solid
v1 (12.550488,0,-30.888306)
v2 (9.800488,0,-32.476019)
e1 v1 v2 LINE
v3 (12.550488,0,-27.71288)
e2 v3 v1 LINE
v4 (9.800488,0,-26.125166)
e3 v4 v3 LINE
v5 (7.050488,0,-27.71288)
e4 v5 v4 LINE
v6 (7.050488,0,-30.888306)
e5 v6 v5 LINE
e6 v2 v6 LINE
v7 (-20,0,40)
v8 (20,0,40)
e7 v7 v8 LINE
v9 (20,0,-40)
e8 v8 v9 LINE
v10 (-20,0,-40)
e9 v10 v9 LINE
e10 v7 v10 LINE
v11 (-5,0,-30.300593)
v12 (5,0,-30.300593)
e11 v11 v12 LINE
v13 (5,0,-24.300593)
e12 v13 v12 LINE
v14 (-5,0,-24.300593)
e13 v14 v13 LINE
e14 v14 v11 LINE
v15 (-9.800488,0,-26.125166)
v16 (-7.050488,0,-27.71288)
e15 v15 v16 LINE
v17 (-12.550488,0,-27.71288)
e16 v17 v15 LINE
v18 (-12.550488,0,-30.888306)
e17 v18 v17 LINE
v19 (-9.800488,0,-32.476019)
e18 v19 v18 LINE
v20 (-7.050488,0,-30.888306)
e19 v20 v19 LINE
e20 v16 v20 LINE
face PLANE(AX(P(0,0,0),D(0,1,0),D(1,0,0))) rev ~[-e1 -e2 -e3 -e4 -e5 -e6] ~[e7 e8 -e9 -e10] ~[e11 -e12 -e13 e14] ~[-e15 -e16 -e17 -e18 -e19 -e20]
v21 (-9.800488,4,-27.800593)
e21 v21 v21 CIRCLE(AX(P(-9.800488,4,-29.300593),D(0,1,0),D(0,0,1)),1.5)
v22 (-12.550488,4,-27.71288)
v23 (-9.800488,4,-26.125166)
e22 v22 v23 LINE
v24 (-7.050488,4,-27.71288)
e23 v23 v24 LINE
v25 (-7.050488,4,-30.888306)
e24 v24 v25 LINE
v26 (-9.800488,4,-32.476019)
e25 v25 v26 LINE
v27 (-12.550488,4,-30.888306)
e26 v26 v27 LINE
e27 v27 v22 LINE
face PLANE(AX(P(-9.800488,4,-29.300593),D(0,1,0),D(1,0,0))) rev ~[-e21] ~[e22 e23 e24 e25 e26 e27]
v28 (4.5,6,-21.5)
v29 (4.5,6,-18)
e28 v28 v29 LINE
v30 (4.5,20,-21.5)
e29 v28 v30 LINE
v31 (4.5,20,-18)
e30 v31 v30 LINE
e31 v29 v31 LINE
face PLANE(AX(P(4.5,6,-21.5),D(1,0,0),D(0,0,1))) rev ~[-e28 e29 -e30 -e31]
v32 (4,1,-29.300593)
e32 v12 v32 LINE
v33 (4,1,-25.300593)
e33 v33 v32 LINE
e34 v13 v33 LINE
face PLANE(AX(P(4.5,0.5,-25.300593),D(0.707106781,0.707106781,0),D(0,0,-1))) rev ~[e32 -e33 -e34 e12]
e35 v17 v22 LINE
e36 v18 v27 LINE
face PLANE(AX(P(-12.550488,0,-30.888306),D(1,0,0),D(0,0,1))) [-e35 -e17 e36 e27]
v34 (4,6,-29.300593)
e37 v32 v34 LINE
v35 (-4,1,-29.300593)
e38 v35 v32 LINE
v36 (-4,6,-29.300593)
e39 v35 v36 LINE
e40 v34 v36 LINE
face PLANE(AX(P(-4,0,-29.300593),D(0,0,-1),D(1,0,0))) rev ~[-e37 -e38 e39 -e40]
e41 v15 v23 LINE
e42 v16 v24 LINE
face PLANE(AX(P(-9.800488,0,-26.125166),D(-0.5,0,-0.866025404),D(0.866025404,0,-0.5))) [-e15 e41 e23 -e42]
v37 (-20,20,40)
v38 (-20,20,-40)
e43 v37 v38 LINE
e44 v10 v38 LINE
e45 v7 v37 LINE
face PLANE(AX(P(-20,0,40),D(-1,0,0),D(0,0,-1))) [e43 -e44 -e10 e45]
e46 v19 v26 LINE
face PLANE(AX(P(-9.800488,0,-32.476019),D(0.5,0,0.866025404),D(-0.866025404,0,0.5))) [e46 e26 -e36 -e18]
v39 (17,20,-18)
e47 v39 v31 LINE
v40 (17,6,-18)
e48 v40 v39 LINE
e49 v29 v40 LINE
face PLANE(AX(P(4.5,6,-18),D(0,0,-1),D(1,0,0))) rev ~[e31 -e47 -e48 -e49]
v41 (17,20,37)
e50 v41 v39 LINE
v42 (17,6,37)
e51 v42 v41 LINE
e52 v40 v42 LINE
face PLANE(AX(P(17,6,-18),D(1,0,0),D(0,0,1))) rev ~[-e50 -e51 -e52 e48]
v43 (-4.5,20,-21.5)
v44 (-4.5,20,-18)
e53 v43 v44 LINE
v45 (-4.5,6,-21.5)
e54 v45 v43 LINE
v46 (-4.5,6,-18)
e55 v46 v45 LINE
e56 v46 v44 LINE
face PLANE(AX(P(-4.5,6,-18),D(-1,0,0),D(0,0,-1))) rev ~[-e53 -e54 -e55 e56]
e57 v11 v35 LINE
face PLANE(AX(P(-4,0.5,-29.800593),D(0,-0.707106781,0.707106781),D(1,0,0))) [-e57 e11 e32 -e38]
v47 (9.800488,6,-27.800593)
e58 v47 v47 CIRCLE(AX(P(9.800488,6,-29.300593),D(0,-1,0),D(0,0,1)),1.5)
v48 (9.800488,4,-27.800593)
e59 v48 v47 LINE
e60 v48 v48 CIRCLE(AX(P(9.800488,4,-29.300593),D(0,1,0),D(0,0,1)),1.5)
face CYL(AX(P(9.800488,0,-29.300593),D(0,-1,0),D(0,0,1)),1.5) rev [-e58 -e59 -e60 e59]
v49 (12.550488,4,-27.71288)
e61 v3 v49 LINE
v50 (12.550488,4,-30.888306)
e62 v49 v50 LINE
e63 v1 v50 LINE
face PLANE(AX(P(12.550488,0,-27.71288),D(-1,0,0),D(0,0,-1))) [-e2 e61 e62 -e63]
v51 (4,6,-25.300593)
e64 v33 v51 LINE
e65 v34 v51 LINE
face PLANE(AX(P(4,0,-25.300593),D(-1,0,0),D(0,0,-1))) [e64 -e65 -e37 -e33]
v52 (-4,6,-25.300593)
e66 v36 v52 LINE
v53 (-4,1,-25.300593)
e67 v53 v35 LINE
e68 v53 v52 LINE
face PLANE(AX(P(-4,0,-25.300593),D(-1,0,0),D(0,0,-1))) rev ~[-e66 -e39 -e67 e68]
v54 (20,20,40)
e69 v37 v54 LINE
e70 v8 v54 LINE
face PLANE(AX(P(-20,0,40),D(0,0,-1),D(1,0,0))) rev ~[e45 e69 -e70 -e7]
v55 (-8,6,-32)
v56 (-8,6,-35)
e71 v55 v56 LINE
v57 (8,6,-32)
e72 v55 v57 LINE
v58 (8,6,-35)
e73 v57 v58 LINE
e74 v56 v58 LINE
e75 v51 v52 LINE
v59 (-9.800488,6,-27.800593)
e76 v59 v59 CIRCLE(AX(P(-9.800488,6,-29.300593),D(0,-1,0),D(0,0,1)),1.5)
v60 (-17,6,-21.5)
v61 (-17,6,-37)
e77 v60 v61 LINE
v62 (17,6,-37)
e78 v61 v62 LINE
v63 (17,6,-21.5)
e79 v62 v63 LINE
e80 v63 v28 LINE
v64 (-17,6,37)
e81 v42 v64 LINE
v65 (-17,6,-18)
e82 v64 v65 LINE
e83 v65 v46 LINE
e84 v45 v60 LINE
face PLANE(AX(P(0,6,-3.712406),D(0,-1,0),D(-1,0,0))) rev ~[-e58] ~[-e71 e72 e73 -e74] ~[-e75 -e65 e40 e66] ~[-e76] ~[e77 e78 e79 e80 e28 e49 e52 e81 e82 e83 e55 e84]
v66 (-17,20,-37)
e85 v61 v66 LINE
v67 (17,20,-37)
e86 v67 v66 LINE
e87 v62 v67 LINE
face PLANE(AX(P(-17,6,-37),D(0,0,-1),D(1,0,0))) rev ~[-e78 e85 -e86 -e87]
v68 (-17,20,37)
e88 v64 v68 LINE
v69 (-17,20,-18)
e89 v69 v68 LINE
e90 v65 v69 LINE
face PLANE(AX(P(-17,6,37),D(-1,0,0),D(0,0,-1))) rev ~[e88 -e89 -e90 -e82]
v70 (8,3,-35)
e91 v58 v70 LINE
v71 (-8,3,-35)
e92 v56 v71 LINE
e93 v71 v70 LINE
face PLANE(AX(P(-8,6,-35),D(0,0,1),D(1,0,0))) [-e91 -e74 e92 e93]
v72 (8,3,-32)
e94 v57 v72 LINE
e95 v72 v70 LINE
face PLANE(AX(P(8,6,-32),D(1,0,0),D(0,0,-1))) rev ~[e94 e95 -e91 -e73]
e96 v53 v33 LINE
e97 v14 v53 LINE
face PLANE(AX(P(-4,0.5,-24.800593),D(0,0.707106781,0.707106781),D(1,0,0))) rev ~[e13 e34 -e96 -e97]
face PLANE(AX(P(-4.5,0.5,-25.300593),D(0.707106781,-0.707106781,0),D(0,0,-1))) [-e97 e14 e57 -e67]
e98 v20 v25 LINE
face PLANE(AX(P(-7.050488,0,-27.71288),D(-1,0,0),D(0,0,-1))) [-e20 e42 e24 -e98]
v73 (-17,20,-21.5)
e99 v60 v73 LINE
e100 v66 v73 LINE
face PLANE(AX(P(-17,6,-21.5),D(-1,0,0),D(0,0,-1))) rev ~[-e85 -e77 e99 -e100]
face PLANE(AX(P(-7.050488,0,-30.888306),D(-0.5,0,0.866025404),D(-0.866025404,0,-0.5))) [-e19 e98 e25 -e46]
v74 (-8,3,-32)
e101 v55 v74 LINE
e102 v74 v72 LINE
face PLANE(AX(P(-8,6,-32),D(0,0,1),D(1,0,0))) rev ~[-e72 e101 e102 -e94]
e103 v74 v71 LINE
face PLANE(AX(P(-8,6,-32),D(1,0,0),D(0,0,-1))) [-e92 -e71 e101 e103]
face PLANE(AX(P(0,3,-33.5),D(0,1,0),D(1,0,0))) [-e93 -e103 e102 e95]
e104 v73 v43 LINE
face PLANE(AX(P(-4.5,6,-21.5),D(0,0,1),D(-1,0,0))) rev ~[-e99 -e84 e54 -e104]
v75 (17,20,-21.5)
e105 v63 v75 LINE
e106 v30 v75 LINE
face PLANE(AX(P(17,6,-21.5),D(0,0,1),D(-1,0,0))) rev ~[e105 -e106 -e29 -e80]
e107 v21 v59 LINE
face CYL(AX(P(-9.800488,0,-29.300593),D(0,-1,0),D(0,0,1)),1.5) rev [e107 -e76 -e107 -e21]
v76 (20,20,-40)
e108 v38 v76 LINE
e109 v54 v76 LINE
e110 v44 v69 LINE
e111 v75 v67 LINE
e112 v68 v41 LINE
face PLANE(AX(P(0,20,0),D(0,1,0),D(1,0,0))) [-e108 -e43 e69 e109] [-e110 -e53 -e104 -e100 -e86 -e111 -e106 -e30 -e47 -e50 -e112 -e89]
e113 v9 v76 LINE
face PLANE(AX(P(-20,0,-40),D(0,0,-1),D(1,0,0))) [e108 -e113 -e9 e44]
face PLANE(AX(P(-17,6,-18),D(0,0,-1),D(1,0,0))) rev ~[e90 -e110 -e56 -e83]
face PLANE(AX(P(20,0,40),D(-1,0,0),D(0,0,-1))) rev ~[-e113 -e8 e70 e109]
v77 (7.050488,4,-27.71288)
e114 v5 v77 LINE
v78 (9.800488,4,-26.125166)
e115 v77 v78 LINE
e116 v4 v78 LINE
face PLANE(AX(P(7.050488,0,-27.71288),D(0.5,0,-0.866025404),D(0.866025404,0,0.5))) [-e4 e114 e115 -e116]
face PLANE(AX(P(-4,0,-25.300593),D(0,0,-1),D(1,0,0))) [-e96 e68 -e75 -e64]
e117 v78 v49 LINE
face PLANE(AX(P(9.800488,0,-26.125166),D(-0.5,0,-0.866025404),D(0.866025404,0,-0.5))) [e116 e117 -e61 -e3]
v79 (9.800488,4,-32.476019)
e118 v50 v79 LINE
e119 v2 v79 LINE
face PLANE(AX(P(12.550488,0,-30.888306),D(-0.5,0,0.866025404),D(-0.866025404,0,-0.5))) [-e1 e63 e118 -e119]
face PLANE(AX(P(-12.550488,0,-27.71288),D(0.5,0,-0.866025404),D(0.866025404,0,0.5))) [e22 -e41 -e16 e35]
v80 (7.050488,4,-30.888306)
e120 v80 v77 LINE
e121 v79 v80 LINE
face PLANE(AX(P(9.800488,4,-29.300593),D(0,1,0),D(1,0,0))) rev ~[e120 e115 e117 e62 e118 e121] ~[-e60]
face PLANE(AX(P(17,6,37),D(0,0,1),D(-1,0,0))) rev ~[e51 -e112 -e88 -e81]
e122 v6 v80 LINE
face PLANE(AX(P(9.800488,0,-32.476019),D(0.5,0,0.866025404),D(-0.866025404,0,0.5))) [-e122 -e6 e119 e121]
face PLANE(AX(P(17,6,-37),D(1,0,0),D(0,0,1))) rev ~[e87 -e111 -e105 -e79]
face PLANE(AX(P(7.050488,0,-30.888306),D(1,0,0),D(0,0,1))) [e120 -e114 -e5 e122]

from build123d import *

# Parameters (mm, degrees)
SKETCH1_W                = 40
SKETCH1_H                = 80
SKETCH1_W_2              = 8
SKETCH1_H_2              = 4
SKETCH1_R                = 1.5
INITIAL_EXTRUDE_DEPTH    = 20
MAIN_START               = 6
SKETCH1_3_W              = 8
SKETCH1_3_H              = 4
SKETCH1_3_R              = 1.5
MAIN_CAVITY_DEPTH        = 43.989794856
SKETCH1_4_R              = 1.5
NUT_CAPTURE_BOTTOM_DEPTH = 4
SENSOR_HOLE_CHAMFER_SIZE = 1
SKETCH3_W                = 16
SKETCH3_H                = 3
GPIO_CUTOUT_SENSOR_DEPTH = 3


with BuildPart() as part:
    # Sketch1 → Initial Extrude (new body)
    with BuildSketch(Plane(origin=(0, 0, 0), x_dir=(1, 0, 0), z_dir=(0, 1, 0))):
        Rectangle(SKETCH1_W, SKETCH1_H)
        with Locations((0, 27.300592934)):
            Rectangle(SKETCH1_W_2, SKETCH1_H_2, mode=Mode.SUBTRACT)
        with Locations((-9.800487558, 29.300592934)):
            Circle(SKETCH1_R, mode=Mode.SUBTRACT)
        with Locations((9.800487558, 29.300592934)):
            Circle(SKETCH1_R, mode=Mode.SUBTRACT)
    extrude(amount=INITIAL_EXTRUDE_DEPTH)

    # Sketch1<3> → Main Cavity (cut, through all)
    with BuildSketch(Plane(origin=(0, 0, 0), x_dir=(1, 0, 0), z_dir=(0, 1, 0)).offset(MAIN_START)):
        Polygon((-17, -37), (17, -37), (17, 18), (4.5, 18), (4.5, 21.5), (17, 21.5), (17, 37), (-17, 37), (-17, 21.5), (-4.5, 21.5), (-4.5, 18), (-17, 18), align=None)
        with Locations((0, 27.300592934)):
            Rectangle(SKETCH1_3_W, SKETCH1_3_H, mode=Mode.SUBTRACT)
        with Locations((-9.800487558, 29.300592934)):
            Circle(SKETCH1_3_R, mode=Mode.SUBTRACT)
        with Locations((9.800487558, 29.300592934)):
            Circle(SKETCH1_3_R, mode=Mode.SUBTRACT)
    extrude(amount=MAIN_CAVITY_DEPTH, mode=Mode.SUBTRACT)

    # Sketch1<4> → Nut Capture Bottom (cut)
    # profile 1 of 2: a face of its own
    with BuildSketch(Plane(origin=(0, 0, 0), x_dir=(1, 0, 0), z_dir=(0, 1, 0))):
        Polygon((-7.050487558, 30.888306174), (-9.800487558, 32.476019414), (-12.550487558, 30.888306174), (-12.550487558, 27.712879693), (-9.800487558, 26.125166453), (-7.050487558, 27.712879693), align=None)
        with Locations((-9.800487558, 29.300592934)):
            Circle(SKETCH1_4_R, mode=Mode.SUBTRACT)
    # profile 2 of 2: a face of its own
    with BuildSketch(Plane(origin=(0, 0, 0), x_dir=(1, 0, 0), z_dir=(0, 1, 0))):
        Polygon((12.550487558, 30.888306174), (9.800487558, 32.476019414), (7.050487558, 30.888306174), (7.050487558, 27.712879693), (9.800487558, 26.125166453), (12.550487558, 27.712879693), align=None)
        with Locations((9.800487558, 29.300592934)):
            Circle(SKETCH1_4_R, mode=Mode.SUBTRACT)
    extrude(amount=NUT_CAPTURE_BOTTOM_DEPTH, mode=Mode.SUBTRACT)

    # Sensor Hole Chamfer
    sensor_hole_chamfer_edges = [part.edges().sort_by_distance(p)[0] for p in [
        (0, 0, -25.300592934),
        (-4, 0, -27.300592934),
        (0, 0, -29.300592934),
        (4, 0, -27.300592934),
    ]]
    chamfer(sensor_hole_chamfer_edges, length=SENSOR_HOLE_CHAMFER_SIZE)

    # Sketch3 → GPIO Cutout Sensor (cut)
    with BuildSketch(Plane(origin=(0, 6, 0), x_dir=(1, 0, 0), z_dir=(0, 1, 0))):
        with Locations((0, 33.5)):
            Rectangle(SKETCH3_W, SKETCH3_H)
    extrude(amount=-GPIO_CUTOUT_SENSOR_DEPTH, mode=Mode.SUBTRACT)


solid = part.part
